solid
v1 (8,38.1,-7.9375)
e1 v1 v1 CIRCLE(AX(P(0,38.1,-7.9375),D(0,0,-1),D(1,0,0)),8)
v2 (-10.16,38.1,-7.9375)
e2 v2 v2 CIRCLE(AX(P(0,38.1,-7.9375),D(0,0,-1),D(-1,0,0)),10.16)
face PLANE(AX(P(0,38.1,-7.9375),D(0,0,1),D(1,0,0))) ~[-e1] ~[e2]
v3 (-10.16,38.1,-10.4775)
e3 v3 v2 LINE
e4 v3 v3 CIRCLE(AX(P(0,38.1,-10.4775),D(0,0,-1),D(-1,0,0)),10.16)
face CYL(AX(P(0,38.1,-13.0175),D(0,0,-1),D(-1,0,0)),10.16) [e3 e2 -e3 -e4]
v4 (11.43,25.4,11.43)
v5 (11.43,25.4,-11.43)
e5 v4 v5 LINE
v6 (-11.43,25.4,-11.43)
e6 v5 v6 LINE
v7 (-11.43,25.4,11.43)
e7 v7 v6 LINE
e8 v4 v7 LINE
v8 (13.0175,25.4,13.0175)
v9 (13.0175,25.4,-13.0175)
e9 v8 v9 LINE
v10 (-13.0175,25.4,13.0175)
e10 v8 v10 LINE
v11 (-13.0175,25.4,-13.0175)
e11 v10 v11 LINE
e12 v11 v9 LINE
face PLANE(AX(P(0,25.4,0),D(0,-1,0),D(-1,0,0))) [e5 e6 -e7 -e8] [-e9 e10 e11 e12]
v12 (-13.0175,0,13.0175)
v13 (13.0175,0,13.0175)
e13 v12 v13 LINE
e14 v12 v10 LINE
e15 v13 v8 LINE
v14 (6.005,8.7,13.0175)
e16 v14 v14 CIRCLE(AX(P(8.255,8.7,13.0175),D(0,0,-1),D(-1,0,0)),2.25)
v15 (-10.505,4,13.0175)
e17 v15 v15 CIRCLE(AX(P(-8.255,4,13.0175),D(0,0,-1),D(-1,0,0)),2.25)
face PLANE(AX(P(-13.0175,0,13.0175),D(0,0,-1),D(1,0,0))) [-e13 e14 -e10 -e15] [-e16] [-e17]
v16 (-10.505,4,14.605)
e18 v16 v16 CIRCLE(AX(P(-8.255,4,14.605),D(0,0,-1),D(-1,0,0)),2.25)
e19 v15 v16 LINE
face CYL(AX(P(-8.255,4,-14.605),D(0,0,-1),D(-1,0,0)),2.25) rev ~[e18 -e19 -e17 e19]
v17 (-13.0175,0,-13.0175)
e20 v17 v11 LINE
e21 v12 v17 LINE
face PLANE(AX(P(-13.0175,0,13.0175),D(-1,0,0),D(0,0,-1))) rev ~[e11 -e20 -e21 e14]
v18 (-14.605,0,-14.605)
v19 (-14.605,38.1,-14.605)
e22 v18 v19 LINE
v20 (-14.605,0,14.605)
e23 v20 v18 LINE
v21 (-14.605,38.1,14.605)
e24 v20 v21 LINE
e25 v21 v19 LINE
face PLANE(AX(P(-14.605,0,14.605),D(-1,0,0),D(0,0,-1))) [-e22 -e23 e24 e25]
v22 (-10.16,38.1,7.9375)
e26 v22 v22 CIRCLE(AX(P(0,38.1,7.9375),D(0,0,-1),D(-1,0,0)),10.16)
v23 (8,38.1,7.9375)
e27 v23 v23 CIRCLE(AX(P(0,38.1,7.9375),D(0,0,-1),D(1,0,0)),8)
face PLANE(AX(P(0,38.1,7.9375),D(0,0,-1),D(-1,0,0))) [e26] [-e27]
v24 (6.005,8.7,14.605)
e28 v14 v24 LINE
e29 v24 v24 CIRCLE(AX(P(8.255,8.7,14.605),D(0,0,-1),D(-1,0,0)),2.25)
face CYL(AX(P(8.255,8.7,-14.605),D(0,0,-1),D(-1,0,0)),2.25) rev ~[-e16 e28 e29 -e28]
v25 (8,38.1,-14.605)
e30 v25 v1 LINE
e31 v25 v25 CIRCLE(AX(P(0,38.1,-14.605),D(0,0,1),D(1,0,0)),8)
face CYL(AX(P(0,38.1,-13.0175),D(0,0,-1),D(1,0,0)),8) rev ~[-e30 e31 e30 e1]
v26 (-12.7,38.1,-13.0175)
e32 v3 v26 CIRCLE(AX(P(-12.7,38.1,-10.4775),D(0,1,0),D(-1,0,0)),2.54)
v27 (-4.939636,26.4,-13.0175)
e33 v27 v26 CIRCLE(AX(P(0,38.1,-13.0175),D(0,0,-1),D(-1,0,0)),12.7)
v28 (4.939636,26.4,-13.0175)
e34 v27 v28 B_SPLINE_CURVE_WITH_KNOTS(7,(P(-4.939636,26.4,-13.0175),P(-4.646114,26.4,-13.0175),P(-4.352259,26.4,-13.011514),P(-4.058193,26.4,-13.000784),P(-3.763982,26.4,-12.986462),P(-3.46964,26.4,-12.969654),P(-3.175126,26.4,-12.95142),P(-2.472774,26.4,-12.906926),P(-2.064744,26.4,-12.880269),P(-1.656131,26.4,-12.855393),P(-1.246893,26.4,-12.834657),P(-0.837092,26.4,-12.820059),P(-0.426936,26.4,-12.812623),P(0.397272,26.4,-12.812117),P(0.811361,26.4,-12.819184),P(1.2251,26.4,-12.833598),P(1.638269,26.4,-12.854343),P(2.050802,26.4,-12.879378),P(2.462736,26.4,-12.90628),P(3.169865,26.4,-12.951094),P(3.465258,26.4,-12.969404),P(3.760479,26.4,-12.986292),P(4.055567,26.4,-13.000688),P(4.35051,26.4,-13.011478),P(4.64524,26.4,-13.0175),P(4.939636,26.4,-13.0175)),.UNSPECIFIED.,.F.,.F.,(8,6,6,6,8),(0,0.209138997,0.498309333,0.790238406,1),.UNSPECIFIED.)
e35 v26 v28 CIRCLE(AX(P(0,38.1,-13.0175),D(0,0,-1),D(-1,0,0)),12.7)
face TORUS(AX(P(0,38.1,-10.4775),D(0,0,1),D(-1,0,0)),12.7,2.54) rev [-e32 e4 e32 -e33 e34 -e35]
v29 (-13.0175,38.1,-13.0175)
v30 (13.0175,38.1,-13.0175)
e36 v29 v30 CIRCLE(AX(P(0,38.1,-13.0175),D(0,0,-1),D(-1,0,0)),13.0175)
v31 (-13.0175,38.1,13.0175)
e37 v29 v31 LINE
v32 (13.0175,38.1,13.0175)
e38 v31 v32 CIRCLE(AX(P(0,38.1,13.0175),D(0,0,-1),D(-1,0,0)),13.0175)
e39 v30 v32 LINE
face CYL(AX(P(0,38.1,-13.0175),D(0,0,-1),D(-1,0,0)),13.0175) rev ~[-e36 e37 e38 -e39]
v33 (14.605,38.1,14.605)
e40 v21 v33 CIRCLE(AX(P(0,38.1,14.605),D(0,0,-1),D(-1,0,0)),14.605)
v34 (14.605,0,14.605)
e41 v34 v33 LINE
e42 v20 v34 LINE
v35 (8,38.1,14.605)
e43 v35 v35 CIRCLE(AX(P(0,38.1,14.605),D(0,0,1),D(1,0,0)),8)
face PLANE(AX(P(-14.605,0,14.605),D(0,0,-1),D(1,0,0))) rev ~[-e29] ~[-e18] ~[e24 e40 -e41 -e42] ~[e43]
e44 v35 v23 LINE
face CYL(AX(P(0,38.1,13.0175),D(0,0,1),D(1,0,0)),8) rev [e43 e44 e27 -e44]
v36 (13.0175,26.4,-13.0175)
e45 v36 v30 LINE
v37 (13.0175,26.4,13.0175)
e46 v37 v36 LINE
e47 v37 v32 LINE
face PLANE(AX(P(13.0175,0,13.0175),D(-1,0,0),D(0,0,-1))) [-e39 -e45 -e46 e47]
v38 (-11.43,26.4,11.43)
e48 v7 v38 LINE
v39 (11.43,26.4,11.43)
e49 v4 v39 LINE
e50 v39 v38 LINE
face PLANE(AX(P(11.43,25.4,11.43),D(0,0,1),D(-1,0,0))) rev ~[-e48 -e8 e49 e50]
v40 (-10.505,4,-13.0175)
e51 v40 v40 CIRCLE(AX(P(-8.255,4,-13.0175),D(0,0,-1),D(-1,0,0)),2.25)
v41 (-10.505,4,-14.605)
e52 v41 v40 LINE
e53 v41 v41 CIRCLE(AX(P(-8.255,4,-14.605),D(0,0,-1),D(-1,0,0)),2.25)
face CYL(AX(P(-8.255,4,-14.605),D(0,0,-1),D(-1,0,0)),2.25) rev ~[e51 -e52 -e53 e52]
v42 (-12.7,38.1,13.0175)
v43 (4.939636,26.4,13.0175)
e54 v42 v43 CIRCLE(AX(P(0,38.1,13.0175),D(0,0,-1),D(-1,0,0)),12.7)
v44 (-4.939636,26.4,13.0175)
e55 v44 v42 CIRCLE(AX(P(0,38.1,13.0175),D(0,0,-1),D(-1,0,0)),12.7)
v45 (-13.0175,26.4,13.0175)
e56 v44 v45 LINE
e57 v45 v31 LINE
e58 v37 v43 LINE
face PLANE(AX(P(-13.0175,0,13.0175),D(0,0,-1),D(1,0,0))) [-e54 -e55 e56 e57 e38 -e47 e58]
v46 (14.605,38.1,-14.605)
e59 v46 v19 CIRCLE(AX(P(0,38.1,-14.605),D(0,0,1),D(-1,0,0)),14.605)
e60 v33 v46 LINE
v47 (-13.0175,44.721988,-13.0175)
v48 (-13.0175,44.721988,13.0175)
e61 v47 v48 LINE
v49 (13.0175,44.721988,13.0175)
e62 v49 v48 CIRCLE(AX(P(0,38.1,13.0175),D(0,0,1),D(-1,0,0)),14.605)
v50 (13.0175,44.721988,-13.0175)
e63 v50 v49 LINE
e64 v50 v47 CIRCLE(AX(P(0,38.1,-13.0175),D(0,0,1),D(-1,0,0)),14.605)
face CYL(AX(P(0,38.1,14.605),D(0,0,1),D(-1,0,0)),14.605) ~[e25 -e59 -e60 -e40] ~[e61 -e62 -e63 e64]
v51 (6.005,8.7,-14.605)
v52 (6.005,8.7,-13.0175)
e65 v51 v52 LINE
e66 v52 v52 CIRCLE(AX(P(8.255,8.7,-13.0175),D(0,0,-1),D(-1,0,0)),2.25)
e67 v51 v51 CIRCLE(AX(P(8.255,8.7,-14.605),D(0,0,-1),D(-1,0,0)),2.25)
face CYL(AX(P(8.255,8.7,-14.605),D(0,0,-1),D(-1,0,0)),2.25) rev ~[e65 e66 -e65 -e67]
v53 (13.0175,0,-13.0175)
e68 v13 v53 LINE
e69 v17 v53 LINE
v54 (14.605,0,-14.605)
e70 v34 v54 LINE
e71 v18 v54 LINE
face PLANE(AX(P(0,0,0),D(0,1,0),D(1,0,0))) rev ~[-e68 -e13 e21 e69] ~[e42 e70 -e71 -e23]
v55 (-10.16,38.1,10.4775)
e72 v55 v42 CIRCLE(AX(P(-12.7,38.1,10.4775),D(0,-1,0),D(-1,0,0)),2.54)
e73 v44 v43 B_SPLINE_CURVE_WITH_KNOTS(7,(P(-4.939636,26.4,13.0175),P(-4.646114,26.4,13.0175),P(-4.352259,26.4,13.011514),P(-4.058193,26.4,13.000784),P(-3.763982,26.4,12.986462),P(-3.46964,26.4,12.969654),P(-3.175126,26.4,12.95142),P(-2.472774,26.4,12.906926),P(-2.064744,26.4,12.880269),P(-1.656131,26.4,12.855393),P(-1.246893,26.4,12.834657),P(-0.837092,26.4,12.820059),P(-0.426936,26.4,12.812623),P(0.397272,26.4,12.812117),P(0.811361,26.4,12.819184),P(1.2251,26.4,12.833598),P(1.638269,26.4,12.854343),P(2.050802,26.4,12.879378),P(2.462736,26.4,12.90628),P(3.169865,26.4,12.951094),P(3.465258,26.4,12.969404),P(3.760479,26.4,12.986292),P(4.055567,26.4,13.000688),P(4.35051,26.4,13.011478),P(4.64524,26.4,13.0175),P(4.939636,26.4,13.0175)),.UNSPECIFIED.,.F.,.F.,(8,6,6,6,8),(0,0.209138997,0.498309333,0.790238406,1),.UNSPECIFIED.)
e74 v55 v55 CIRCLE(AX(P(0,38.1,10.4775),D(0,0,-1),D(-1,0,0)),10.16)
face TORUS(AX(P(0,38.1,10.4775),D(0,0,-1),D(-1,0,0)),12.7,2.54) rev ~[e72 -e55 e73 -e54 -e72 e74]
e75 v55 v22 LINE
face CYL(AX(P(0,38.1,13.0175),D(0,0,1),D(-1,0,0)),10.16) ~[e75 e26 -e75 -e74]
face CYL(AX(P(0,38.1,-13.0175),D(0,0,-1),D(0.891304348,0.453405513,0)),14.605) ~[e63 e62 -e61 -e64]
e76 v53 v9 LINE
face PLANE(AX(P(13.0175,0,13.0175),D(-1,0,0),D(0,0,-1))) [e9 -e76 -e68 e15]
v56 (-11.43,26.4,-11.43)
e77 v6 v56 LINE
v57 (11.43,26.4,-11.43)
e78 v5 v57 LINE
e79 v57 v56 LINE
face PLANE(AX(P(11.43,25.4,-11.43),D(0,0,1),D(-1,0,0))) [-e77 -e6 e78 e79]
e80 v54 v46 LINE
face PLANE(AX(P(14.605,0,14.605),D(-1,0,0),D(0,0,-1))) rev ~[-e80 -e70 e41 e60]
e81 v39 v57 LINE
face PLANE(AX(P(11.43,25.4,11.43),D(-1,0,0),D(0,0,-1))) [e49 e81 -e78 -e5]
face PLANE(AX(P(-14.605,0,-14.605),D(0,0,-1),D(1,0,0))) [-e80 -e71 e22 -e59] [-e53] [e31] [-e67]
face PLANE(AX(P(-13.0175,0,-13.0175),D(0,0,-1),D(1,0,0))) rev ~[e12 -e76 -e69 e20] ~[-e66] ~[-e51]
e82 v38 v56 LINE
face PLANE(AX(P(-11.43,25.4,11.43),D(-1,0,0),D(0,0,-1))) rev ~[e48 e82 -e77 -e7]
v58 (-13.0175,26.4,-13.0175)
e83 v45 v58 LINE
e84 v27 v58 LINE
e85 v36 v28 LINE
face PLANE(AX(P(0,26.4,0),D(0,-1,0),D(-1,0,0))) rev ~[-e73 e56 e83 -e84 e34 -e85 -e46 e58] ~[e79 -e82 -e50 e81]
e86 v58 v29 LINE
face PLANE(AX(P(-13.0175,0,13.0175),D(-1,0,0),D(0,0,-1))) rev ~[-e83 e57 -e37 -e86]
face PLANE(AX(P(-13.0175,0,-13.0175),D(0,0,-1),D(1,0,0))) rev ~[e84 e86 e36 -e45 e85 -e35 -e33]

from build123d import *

# Parameters (mm, degrees)
SKETCH1_W           = 29.21
SKETCH1_H           = 29.21
SKETCH1_W_2         = 26.035
SKETCH1_H_2         = 26.035
BOSS_EXTRUDE1_DEPTH = 101.6
SKETCH2_R           = 8
CUT_EXTRUDE1_DEPTH  = 50.8
BOSS_EXTRUDE2_DEPTH = 26.035
SKETCH6_R           = 10.16
SKETCH6_R_2         = 8
BOSS_EXTRUDE3_DEPTH = 5.08
FILLET1_R           = 2.54
SKETCH7_R           = 2.25
CUT_EXTRUDE2_DEPTH  = 46.736
SKETCH8_W           = 26.035
SKETCH8_H           = 26.035
SKETCH8_W_2         = 22.86
SKETCH8_H_2         = 22.86
BOSS_EXTRUDE4_DEPTH = 1


with BuildPart() as part:
    # Sketch1 → Boss-Extrude1 (new body)
    with BuildSketch(Plane(origin=(0, 0, 0), x_dir=(1, 0, 0), z_dir=(0, 1, 0))):
        Rectangle(SKETCH1_W, SKETCH1_H)
        Rectangle(SKETCH1_W_2, SKETCH1_H_2, mode=Mode.SUBTRACT)
    extrude(amount=BOSS_EXTRUDE1_DEPTH)

    # Sketch2 → Cut-Extrude1 (cut)
    with BuildSketch(Plane.XY.offset(14.605)):
        with BuildLine():
            Line((-14.605, 101.6), (-14.605, 38.1))
            ThreePointArc((-14.605, 38.1), (0, 52.705), (14.605, 38.1))
            Line((14.605, 38.1), (14.605, 101.6))
            Line((14.605, 101.6), (-14.605, 101.6))
        make_face()
        with Locations((0, 38.1)):
            Circle(SKETCH2_R)
    extrude(amount=-CUT_EXTRUDE1_DEPTH, mode=Mode.SUBTRACT)

    # Sketch5 → Boss-Extrude2 (add)
    with BuildSketch(Plane.XY.offset(-13.0175)):
        with BuildLine():
            Line((-13.0175, 44.721987523), (-13.0175, 38.1))
            ThreePointArc((-13.0175, 38.1), (0, 51.1175), (13.0175, 38.1))
            Line((13.0175, 38.1), (13.0175, 44.721987523))
            ThreePointArc((13.0175, 44.721987523), (0, 52.705), (-13.0175, 44.721987523))
        make_face()
    extrude(amount=BOSS_EXTRUDE2_DEPTH)

    # Sketch6 → Boss-Extrude3 (add)
    with BuildSketch(Plane(origin=(0, 0, 13.0175), x_dir=(-1, 0, 0), z_dir=(0, 0, -1))):
        with Locations((0, 38.1)):
            Circle(SKETCH6_R)
        with Locations(Location((0, 38.1, 0), (0, 0, 180))):
            Circle(SKETCH6_R_2, mode=Mode.SUBTRACT)
    extrude(amount=BOSS_EXTRUDE3_DEPTH)

    # Fillet1
    fillet1_edges = [part.edges().sort_by_distance(p)[0] for p in [
        (10.16, 38.1, 13.0175),
    ]]
    fillet(fillet1_edges, radius=FILLET1_R)

    # Mirror7: part across plane


with BuildPart() as part_1:
    add(part.part)
    add(part.part.mirror(Plane.XY))

    # Sketch7 → Cut-Extrude2 (cut)
    with BuildSketch(Plane(origin=(0, 0, -14.605), x_dir=(-1, 0, 0), z_dir=(0, 0, -1))):
        with Locations((-8.255, 8.7)):
            Circle(SKETCH7_R)
        with Locations((8.255, 4)):
            Circle(SKETCH7_R)
    extrude(amount=-CUT_EXTRUDE2_DEPTH, mode=Mode.SUBTRACT)

    # Sketch8 → Boss-Extrude4 (add)
    with BuildSketch(Plane(origin=(0, 25.4, 0), x_dir=(-1, 0, 0), z_dir=(0, -1, 0))):
        Rectangle(SKETCH8_W, SKETCH8_H)
        Rectangle(SKETCH8_W_2, SKETCH8_H_2, mode=Mode.SUBTRACT)
    extrude(amount=-BOSS_EXTRUDE4_DEPTH)


solid = part_1.part
